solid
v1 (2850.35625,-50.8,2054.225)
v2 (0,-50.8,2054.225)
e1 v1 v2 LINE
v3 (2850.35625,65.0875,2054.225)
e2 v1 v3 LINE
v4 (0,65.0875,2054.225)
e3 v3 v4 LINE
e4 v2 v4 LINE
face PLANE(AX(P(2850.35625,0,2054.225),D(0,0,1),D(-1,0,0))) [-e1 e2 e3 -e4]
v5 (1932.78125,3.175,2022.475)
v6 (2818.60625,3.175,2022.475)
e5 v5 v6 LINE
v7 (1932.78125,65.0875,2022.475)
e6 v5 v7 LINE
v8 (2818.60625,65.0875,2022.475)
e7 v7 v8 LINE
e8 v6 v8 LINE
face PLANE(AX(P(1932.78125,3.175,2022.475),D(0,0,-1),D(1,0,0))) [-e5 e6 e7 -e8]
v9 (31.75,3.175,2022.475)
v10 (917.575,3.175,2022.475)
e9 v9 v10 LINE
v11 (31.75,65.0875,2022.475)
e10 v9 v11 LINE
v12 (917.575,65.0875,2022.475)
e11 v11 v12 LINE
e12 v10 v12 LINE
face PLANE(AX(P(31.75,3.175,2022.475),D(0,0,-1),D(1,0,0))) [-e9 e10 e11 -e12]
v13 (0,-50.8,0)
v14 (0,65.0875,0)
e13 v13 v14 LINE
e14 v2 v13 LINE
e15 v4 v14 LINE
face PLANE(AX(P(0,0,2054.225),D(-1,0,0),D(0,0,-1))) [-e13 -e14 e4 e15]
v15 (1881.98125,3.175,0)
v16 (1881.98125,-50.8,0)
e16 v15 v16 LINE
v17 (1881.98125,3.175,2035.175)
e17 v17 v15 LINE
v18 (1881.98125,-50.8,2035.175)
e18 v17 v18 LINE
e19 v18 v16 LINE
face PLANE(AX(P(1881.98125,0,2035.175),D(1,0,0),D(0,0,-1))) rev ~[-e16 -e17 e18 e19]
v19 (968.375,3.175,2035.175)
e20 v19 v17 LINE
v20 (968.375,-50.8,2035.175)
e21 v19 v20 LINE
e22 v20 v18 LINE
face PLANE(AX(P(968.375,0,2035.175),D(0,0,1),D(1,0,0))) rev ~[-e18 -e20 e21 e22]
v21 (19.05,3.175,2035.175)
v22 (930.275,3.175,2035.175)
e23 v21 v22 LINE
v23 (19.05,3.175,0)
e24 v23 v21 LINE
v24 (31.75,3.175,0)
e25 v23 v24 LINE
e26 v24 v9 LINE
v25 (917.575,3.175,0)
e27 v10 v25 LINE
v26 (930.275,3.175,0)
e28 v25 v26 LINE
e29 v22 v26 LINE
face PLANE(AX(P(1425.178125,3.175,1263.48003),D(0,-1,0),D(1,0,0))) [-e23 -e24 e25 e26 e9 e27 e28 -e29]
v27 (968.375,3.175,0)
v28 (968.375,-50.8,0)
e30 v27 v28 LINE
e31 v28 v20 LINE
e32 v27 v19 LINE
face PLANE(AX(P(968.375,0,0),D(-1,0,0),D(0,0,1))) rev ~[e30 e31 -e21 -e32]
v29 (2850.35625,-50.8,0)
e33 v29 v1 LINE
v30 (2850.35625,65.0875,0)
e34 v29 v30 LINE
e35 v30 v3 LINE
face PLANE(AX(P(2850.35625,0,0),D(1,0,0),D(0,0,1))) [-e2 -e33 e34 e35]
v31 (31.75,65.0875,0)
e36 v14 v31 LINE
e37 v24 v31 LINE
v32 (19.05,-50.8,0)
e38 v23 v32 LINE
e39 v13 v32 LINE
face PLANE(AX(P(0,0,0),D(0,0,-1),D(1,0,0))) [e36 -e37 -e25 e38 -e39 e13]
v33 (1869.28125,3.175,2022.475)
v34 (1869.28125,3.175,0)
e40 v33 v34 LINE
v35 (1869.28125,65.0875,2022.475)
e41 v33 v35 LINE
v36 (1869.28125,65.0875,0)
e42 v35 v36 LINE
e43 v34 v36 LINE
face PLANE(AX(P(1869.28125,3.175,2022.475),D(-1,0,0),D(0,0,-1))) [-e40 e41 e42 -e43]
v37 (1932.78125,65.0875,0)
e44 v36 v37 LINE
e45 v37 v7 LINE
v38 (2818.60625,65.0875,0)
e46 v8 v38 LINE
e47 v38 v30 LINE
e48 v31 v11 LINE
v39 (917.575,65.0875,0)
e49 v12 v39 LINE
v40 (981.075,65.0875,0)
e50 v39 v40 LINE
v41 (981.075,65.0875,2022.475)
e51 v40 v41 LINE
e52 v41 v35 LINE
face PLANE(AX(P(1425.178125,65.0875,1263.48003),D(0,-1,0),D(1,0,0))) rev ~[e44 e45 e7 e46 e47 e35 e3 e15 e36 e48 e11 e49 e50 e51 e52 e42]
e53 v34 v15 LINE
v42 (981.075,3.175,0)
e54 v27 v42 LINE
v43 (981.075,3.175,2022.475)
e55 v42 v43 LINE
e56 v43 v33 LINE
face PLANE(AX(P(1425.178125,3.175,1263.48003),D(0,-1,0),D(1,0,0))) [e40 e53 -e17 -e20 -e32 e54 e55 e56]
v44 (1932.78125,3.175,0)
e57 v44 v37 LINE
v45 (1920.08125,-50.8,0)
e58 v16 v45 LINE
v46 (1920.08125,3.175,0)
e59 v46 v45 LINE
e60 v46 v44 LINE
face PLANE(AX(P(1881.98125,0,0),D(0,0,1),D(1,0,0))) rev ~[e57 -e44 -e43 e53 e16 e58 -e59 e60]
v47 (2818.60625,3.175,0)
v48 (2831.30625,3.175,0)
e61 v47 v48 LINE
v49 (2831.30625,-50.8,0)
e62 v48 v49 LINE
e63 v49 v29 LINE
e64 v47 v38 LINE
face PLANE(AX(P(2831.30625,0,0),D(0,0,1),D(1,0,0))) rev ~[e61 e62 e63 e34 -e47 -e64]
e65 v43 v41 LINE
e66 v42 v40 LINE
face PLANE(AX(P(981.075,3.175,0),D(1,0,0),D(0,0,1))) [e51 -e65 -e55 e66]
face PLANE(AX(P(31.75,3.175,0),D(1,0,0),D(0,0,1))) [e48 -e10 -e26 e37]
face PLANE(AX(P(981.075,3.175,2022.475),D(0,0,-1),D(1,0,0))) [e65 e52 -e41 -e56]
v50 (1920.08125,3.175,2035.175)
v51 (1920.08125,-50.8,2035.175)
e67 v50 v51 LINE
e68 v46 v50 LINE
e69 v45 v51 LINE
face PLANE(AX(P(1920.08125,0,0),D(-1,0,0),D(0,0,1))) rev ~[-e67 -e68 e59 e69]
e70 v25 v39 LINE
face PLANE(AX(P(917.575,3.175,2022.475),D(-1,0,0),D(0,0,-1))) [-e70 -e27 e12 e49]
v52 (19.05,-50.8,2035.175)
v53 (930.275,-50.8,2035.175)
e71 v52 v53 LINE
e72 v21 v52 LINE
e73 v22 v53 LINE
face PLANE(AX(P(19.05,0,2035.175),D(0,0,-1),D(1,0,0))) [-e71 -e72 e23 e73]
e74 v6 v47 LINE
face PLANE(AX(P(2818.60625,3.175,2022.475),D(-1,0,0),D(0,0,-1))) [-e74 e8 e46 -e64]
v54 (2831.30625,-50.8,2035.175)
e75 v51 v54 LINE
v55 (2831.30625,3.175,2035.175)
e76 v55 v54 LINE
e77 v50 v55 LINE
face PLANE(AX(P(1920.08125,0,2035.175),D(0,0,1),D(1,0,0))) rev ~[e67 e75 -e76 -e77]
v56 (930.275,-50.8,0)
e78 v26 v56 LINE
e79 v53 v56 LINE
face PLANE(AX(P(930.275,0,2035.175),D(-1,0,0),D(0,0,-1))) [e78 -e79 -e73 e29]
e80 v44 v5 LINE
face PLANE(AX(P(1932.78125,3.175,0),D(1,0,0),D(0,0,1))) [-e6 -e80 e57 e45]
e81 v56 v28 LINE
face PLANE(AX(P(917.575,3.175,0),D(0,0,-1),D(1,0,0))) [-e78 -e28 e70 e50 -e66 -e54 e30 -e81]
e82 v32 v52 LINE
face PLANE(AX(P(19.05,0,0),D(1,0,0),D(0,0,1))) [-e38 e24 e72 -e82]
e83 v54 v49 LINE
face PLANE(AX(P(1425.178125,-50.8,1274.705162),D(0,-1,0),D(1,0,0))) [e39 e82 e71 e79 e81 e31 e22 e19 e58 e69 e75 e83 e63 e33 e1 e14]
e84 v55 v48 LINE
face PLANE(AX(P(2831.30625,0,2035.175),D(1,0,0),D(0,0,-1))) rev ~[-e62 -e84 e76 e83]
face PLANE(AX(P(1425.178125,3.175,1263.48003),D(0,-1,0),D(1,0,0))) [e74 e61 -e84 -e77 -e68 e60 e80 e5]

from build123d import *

# Parameters (mm, degrees)
F3_DEPTH      = 61.9125
F5_DEPTH      = 50.8
F5_DEPTH_BACK = 3.175


with BuildPart() as f3:
    # F2 (on offset) → F3 (new body)
    with BuildSketch(Plane.XZ.offset(-3.175)):
        Polygon((0, 2035.175), (0, 0), (19.05, 0), (31.75, 0), (31.75, 2022.475), (917.575, 2022.475), (917.575, 0), (930.275, 0), (949.325, 0), (968.375, 0), (981.075, 0), (981.075, 2022.475), (1869.28125, 2022.475), (1869.28125, 0), (1881.98125, 0), (1901.03125, 0), (1920.08125, 0), (1932.78125, 0), (1932.78125, 2022.475), (2818.60625, 2022.475), (2818.60625, 0), (2831.30625, 0), (2850.35625, 0), (2850.35625, 2035.175), (2850.35625, 2054.225), (0, 2054.225), align=None)
    extrude(amount=-F3_DEPTH)

    # F4 (on Front) → F5 (join, two sides)
    with BuildSketch(Plane.XZ) as f5_sk:
        Polygon((0, 2035.175), (0, 0), (19.05, 0), (19.05, 2022.475), (19.05, 2035.175), (930.275, 2035.175), (930.275, 0), (949.325, 0), (968.375, 0), (968.375, 2035.175), (1881.98125, 2035.175), (1881.98125, 2022.475), (1881.98125, 0), (1901.03125, 0), (1920.08125, 0), (1920.08125, 2022.475), (1920.08125, 2035.175), (2831.30625, 2035.175), (2831.30625, 2022.475), (2831.30625, 0), (2850.35625, 0), (2850.35625, 2035.175), (2850.35625, 2054.225), (0, 2054.225), align=None)
    extrude(amount=F5_DEPTH)
    extrude(f5_sk.sketch, amount=-F5_DEPTH_BACK)


solid = f3.part
